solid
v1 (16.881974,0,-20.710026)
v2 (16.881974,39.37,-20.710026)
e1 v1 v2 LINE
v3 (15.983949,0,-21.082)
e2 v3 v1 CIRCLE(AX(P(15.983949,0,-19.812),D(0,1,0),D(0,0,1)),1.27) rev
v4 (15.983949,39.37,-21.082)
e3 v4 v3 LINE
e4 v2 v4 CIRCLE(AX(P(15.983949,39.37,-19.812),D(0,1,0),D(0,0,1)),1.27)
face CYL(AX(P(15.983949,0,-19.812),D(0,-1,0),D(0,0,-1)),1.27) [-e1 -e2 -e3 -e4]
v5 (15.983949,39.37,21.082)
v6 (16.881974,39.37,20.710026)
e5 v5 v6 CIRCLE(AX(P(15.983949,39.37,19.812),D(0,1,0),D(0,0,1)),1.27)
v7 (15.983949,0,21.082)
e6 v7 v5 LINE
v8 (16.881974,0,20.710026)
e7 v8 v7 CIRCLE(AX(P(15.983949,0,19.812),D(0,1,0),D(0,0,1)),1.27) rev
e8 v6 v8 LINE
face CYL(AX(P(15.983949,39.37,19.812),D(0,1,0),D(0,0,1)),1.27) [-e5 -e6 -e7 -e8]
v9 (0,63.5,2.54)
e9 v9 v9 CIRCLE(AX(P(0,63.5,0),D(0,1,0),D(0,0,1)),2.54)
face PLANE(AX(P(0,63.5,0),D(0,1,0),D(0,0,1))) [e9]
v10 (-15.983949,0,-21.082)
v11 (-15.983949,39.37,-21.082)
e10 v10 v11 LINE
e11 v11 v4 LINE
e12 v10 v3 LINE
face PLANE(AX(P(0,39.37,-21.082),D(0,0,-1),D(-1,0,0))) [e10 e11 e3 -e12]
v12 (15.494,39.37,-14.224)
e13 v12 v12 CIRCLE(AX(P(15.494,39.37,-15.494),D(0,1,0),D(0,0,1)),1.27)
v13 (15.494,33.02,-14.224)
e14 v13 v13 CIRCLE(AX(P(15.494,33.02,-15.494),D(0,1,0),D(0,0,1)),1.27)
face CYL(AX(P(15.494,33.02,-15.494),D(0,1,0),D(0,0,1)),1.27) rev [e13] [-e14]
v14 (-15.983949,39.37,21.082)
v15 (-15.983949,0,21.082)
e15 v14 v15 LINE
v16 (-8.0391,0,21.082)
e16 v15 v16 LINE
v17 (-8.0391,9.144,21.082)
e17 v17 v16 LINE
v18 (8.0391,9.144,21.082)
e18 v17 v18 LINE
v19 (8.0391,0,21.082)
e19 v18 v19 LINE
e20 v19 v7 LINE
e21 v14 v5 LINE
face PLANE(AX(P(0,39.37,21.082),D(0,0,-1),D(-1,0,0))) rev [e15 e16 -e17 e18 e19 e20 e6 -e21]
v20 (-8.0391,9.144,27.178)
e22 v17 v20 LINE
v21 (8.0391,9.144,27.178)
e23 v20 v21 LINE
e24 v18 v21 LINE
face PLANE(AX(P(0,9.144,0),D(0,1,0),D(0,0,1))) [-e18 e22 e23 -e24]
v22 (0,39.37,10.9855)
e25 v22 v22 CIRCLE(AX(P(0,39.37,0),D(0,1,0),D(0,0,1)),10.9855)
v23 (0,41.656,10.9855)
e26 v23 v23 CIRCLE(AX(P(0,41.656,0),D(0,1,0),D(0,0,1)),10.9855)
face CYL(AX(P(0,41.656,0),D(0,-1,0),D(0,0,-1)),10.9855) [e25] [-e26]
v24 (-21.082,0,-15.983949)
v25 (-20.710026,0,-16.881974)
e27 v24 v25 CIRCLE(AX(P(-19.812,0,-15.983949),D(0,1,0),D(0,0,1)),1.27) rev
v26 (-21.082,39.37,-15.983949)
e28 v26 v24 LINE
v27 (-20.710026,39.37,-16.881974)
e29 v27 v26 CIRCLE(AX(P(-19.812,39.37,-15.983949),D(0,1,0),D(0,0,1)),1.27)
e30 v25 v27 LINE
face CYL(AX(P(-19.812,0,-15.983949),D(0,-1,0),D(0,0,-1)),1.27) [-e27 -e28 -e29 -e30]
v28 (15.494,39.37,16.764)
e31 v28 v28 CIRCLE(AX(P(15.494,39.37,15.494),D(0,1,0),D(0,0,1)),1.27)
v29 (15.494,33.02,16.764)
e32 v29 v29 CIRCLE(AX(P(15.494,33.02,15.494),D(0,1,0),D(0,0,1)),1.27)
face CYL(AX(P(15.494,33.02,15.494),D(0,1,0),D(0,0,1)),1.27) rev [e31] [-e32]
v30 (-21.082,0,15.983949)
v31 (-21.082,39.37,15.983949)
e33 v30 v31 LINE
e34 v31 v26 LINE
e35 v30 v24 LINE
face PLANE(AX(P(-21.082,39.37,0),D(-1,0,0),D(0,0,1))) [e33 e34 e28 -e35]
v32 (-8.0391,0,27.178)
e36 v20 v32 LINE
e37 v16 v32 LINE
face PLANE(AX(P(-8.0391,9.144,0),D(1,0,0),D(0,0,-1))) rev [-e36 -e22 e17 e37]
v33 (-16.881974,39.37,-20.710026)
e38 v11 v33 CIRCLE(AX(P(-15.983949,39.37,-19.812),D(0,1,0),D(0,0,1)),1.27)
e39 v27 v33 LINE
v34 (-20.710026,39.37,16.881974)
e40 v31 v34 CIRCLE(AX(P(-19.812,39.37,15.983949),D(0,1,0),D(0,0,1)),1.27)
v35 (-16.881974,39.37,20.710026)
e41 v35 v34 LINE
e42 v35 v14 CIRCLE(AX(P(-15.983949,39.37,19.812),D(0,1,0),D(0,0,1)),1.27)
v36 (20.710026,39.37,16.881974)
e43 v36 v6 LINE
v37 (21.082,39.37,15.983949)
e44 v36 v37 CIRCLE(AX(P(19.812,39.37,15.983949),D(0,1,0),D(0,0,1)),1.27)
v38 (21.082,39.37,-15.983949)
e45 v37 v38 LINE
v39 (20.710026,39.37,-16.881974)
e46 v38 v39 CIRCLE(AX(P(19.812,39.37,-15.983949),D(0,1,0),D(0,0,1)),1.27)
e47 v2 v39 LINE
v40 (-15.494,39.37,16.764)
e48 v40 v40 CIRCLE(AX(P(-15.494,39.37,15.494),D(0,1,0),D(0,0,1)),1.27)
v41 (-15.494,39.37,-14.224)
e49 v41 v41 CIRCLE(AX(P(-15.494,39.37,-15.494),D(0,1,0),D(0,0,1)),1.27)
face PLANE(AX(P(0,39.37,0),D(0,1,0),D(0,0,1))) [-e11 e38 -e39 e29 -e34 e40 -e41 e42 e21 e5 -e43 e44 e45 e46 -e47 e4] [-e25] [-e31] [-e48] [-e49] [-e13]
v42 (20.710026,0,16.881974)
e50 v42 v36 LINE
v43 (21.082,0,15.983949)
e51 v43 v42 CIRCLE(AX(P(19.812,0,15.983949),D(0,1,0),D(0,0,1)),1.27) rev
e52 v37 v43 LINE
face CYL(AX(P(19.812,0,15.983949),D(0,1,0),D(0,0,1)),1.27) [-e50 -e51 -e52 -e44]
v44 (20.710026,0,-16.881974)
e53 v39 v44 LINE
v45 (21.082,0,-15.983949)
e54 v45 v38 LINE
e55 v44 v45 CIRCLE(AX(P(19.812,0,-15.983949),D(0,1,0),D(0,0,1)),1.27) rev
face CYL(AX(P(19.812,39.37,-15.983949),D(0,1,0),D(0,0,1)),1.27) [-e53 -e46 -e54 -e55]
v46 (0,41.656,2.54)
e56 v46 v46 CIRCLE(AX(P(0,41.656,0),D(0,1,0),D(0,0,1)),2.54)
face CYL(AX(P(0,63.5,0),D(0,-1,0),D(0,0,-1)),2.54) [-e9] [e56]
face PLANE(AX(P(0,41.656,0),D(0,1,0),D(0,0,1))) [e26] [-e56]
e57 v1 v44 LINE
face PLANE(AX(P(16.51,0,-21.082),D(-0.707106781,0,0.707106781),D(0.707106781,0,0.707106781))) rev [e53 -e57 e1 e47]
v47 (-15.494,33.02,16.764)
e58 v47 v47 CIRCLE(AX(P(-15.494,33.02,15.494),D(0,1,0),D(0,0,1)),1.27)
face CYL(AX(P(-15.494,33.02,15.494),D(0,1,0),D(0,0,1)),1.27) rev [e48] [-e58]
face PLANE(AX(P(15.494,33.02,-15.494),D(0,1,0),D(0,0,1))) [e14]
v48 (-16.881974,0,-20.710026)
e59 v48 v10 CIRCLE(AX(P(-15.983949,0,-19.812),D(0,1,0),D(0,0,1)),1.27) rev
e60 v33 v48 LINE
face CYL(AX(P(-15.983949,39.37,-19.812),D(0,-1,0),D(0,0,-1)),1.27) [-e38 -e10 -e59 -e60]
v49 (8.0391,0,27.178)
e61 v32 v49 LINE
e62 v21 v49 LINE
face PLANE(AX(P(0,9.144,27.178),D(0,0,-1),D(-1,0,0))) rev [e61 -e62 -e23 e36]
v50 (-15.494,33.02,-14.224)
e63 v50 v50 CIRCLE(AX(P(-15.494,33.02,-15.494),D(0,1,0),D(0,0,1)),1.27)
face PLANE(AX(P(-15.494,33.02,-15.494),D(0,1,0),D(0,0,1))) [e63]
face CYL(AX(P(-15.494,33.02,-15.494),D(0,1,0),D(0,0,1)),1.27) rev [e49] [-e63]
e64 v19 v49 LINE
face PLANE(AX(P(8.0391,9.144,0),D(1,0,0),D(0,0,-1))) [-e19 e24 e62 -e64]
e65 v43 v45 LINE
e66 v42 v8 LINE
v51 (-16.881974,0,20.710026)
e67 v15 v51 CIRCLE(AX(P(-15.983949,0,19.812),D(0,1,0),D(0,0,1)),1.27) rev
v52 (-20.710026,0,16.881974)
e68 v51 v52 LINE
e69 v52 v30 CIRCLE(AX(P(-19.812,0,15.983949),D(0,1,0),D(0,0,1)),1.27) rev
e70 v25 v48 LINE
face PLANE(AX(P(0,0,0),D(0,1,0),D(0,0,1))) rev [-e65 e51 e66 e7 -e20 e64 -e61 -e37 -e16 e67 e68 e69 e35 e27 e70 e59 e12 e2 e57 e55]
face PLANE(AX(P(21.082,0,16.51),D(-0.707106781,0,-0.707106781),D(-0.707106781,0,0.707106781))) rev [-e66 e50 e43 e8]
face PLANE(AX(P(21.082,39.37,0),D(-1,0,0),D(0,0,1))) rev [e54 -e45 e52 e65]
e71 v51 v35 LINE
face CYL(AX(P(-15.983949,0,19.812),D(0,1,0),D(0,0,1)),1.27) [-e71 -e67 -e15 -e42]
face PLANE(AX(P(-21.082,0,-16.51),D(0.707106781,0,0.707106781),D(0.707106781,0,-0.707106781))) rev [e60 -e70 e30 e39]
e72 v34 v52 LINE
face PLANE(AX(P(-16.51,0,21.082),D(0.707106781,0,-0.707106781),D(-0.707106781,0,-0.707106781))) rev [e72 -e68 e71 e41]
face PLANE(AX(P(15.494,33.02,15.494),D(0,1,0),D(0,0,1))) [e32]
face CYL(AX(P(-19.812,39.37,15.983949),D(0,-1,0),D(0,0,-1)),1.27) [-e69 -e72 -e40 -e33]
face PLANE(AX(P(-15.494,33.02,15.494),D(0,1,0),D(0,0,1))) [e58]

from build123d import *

# Parameters (mm, degrees)
BOSS_EXTRUDE1_DEPTH = 39.37
SKETCH1_3_W         = 16.0782
SKETCH1_3_H         = 6.096
BOSS_EXTRUDE2_DEPTH = 9.144
SKETCH2_R           = 10.9855
BOSS_EXTRUDE3_DEPTH = 2.286
SKETCH3_R           = 2.54
BOSS_EXTRUDE4_DEPTH = 21.844
SKETCH4_R           = 1.27
CUT_EXTRUDE1_DEPTH  = 6.35
CUT_EXTRUDE2_DEPTH  = 53.278975774
FILLET1_R           = 1.27


with BuildPart() as part:
    # Sketch1 → Boss-Extrude1 (new body)
    with BuildSketch(Plane(origin=(0, 0, 0), x_dir=(1, 0, 0), z_dir=(0, 1, 0))):
        Polygon((-21.082, 21.082), (-21.082, -21.082), (-8.0391, -21.082), (8.0391, -21.082), (21.082, -21.082), (21.082, 21.082), align=None)
    extrude(amount=BOSS_EXTRUDE1_DEPTH)

    # Sketch1<3> → Boss-Extrude2 (add)
    with BuildSketch(Plane(origin=(0, 0, 0), x_dir=(1, 0, 0), z_dir=(0, 1, 0))):
        with Locations((0, -24.13)):
            Rectangle(SKETCH1_3_W, SKETCH1_3_H)
    extrude(amount=BOSS_EXTRUDE2_DEPTH)

    # Sketch2 → Boss-Extrude3 (add)
    with BuildSketch(Plane(origin=(0, 39.37, 0), x_dir=(1, 0, 0), z_dir=(0, 1, 0))):
        Circle(SKETCH2_R)
    extrude(amount=BOSS_EXTRUDE3_DEPTH)

    # Sketch3 → Boss-Extrude4 (add)
    with BuildSketch(Plane(origin=(0, 41.656, 0), x_dir=(1, 0, 0), z_dir=(0, 1, 0))):
        Circle(SKETCH3_R)
    extrude(amount=BOSS_EXTRUDE4_DEPTH)

    # Sketch4 → Cut-Extrude1 (cut)
    with BuildSketch(Plane(origin=(0, 39.37, 0), x_dir=(1, 0, 0), z_dir=(0, 1, 0))):
        with Locations((-15.494, 15.494)):
            Circle(SKETCH4_R)
        with Locations((15.494, 15.494)):
            Circle(SKETCH4_R)
        with Locations((15.494, -15.494)):
            Circle(SKETCH4_R)
        with Locations((-15.494, -15.494)):
            Circle(SKETCH4_R)
    extrude(amount=-CUT_EXTRUDE1_DEPTH, mode=Mode.SUBTRACT)

    # Sketch5 → Cut-Extrude2 (cut, through all)
    with BuildSketch(Plane(origin=(0, 39.37, 0), x_dir=(1, 0, 0), z_dir=(0, 1, 0))):
        Polygon((-21.082, 16.51), (-16.51, 21.082), (-21.082, 21.082), align=None)
        Polygon((16.51, 21.082), (21.082, 16.51), (21.082, 21.082), align=None)
        Polygon((21.082, -16.51), (16.51, -21.082), (21.082, -21.082), align=None)
        Polygon((-16.51, -21.082), (-21.082, -16.51), (-21.082, -21.082), align=None)
    extrude(amount=-CUT_EXTRUDE2_DEPTH, mode=Mode.SUBTRACT)

    # Fillet1
    fillet1_edges = [part.edges().sort_by_distance(p)[0] for p in [
        (-21.082, 19.685, -16.51),
        (-16.51, 19.685, -21.082),
        (16.51, 19.685, -21.082),
        (21.082, 19.685, -16.51),
        (21.082, 19.685, 16.51),
        (16.51, 19.685, 21.082),
        (-21.082, 19.685, 16.51),
        (-16.51, 19.685, 21.082),
    ]]
    fillet(fillet1_edges, radius=FILLET1_R)


solid = part.part
